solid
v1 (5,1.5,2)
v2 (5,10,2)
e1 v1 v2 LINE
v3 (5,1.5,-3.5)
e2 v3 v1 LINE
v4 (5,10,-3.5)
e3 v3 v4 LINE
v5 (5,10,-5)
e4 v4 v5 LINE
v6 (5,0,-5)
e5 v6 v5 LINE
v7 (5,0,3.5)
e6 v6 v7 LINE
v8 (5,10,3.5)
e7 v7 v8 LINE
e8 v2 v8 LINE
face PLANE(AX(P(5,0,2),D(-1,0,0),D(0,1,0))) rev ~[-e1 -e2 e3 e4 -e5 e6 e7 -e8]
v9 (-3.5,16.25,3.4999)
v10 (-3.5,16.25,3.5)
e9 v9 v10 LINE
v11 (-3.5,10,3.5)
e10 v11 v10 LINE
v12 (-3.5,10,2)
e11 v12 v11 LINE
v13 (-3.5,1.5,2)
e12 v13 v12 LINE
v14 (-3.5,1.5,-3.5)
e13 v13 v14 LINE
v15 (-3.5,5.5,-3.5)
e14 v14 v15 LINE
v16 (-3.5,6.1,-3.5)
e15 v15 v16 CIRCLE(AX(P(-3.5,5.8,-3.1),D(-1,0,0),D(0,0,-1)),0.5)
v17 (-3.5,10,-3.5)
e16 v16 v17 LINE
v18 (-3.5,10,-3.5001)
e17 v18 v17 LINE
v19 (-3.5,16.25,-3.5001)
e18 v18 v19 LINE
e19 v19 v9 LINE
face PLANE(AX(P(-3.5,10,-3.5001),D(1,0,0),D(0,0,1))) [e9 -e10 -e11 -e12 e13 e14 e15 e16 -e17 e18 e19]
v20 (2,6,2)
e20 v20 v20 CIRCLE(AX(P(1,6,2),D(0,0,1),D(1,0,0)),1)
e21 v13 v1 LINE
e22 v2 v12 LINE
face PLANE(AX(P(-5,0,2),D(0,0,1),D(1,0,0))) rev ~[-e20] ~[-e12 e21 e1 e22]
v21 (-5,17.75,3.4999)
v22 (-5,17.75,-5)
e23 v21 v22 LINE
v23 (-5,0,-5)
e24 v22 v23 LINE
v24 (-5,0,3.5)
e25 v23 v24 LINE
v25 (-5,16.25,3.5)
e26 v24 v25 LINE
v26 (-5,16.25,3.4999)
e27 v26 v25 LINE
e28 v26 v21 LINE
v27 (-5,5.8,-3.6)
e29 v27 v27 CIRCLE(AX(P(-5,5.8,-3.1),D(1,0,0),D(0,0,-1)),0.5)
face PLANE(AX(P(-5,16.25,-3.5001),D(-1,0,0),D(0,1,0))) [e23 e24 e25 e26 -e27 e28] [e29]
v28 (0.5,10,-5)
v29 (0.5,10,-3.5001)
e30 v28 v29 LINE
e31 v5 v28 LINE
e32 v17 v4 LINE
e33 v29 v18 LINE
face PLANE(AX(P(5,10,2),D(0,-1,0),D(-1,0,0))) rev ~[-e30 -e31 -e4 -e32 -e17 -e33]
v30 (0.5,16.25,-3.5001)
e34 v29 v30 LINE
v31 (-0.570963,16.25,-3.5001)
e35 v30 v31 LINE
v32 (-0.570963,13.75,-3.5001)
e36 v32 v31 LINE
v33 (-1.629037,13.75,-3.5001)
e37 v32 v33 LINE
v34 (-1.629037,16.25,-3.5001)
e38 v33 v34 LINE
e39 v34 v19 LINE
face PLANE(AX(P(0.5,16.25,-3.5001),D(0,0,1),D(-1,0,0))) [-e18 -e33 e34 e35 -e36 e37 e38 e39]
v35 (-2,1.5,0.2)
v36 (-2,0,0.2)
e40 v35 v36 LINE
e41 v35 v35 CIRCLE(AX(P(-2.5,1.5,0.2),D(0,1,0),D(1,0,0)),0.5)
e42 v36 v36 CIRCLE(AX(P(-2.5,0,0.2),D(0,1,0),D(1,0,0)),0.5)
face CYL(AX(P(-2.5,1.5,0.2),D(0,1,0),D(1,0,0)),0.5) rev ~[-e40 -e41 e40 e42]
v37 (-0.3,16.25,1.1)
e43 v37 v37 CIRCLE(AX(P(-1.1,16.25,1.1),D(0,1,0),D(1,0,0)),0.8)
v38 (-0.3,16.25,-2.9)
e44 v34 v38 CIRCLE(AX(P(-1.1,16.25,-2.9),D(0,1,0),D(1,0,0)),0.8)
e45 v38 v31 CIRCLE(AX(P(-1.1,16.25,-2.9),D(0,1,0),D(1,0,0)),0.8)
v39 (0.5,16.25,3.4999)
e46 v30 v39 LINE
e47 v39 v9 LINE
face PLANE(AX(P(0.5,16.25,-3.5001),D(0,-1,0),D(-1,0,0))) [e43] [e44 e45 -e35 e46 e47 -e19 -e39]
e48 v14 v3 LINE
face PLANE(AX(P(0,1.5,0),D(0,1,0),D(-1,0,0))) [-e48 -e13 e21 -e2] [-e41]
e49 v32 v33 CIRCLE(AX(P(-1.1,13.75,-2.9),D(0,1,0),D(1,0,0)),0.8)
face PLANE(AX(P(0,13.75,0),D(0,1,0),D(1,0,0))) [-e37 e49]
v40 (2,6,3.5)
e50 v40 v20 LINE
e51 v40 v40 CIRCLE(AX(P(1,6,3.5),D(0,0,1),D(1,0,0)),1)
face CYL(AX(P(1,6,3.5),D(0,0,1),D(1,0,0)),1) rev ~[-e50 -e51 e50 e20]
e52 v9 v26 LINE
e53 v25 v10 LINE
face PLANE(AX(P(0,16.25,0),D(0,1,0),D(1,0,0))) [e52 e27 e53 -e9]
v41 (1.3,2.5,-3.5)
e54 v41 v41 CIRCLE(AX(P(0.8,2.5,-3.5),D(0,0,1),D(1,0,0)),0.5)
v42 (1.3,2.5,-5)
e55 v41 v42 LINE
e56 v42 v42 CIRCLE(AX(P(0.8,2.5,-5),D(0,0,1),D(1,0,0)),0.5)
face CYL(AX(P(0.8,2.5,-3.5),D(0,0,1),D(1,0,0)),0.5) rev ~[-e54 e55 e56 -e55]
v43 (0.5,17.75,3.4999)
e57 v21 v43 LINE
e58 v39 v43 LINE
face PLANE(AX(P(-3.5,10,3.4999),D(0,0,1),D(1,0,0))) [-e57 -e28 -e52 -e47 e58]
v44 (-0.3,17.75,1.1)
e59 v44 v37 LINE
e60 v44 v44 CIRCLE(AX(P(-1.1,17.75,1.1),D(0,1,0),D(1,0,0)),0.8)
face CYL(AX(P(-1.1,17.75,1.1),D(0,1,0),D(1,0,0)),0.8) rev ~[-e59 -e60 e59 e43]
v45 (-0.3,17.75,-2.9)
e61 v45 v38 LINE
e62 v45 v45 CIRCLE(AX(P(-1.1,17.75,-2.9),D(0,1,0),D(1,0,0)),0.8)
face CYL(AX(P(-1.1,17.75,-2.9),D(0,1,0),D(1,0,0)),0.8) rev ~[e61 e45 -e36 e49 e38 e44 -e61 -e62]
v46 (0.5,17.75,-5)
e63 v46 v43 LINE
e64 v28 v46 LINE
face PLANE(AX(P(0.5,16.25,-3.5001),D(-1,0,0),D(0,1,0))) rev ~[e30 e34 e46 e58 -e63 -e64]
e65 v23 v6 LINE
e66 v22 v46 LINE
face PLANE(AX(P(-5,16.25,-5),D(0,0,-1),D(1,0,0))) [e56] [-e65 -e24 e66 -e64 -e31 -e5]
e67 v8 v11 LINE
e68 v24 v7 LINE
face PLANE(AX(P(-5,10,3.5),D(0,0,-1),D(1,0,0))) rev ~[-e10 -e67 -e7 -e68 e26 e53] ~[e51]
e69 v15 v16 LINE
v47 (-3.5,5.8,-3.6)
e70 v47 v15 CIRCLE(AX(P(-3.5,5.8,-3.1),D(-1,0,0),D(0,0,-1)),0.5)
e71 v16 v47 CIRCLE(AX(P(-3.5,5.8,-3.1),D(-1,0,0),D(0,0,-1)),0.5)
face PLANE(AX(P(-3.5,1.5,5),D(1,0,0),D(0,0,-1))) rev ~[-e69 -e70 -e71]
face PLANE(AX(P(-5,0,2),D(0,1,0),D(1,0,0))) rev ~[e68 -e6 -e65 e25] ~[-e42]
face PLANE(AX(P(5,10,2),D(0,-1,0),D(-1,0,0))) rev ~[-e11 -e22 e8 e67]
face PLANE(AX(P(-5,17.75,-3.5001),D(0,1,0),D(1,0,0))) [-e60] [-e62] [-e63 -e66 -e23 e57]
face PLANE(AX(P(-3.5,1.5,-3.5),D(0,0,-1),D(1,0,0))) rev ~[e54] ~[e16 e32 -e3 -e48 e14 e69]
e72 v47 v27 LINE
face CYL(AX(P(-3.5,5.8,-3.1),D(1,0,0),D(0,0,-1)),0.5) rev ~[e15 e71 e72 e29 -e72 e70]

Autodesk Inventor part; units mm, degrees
ref_plane "YZ Plane" through (0, 0, 0) normal (1, 0, 0) x (0, 1, 0)
ref_plane "XZ Plane" through (0, 0, 0) normal (0, 1, 0) x (-1, 0, 0)
ref_plane "XY Plane" through (0, 0, 0) normal (0, 0, 1) x (1, 0, 0)
sketch "Sketch1" plane through (0, 0, 0) normal (0, 1, 0) x (-1, 0, 0)
  line L0 (-5, 5) -> (5, 5)
  line L1 (5, 5) -> (5, -5)
  line L2 (5, -5) -> (-5, -5)
  line L3 (-5, -5) -> (-5, 5)
  line L4 (-5, 5) -> (5, -5) construction
  line L5 (5, 5) -> (-5, -5) construction
  point P0 (0, 0)
  dimension "d0" = 10
  dimension "d1" = 10
extrude "Extrusion1" add sketch "Sketch1" along normal blind 1.5
sketch "Sketch2" plane through (0, 1.5, 0) normal (0, 1, 0) x (1, 0, 0)
  line L0 (-5, -5) -> (-3.5, -5)
  line L1 (-5, -5) -> (5, -5) projected
  line L2 (-3.5, -5) -> (-3.5, 3.5)
  line L3 (-3.5, 3.5) -> (5, 3.5)
  line L4 (5, 3.5) -> (5, 5)
  line L5 (5, 5) -> (-5, 5)
  line L6 (-5, 5) -> (-5, -5)
  point P0 (0, 0)
  dimension "d4" = 1.5
  dimension "d5" = 8.5
  dimension "d6" = 90
  dimension "d7" = 8.5
  dimension "d8" = 90
  dimension "d9" = 10
  dimension "d10" = 90
extrude "Extrusion2" add sketch "Sketch2" along normal blind 8.5
sketch "Sketch3" plane through (0, 1.5, 0) normal (0, 1, 0) x (1, 0, 0)
  circle A0 centre (-2.5, -0.2) radius 0.5
  line L0 (5, 3.5) -> (-3.5, 3.5) projected
  line L1 (-3.5, 3.5) -> (-3.5, -5) projected
  point P0 (0, 0)
  dimension "d13" = 1
  dimension "d14" = 3.7
  dimension "d15" = 1
extrude "Extrusion3" cut sketch "Sketch3" against normal blind 8.5
sketch "Sketch4" plane through (-3.5, 1.5, -3.5) normal (0, 0, 1) x (1, 0, 0)
  circle A0 centre (4.3, 1) radius 0.5
  line L0 (8.5, 0) -> (0, 0) projected
  line L1 (0, 0) -> (0, 8.5) projected
  point P0 (3.5, -1.5)
  dimension "d18" = 1
  dimension "d19" = 1
  dimension "d20" = 4.3
extrude "Extrusion4" cut sketch "Sketch4" against normal blind 8.5
sketch "Sketch5" plane through (0, 0, 0) normal (0, -1, 0) x (1, 0, 0)
  circle A0 centre (-2.5, 0.2) radius 0.5
  circle A1 centre (-2.5, 0.2) radius 0.5 projected
  point P0 (0, 0)
  dimension "d23" = 1
  dimension "d24" = 0
extrude "Extrusion5" cut sketch "Sketch5" against normal blind 10
sketch "Sketch6" plane through (-3.5, 1.5, 5) normal (1, 0, 0) x (0, 0, -1)
  circle A0 centre (8.1, 4.3) radius 0.5
  line L0 (0, 0) -> (8.5, 0) projected
  line L1 (8.5, 0) -> (8.5, 8.5) projected
  point P0 (5, -1.5)
  dimension "d27" = 1
  dimension "d28" = 4.3
  dimension "d29" = 0.4
extrude "Extrusion6" cut sketch "Sketch6" against normal blind 2
sketch "Sketch7" plane through (-5, 0, 5) normal (0, 0, 1) x (1, 0, 0)
  line L0 (0, 0) -> (10, 0)
  line L1 (10, 0) -> (10, 10)
  line L2 (10, 10) -> (0, 10)
  line L3 (0, 10) -> (0, 0)
  point P0 (5, 0)
extrude "Extrusion7" cut sketch "Sketch7" against normal blind 3
sketch "Sketch8" plane through (-5, 0, 2) normal (0, 0, 1) x (1, 0, 0)
  line L0 (0, 0) -> (10, 0)
  line L1 (10, 0) -> (10, 10)
  line L2 (10, 10) -> (0, 10)
  line L3 (0, 10) -> (0, 0)
  point P0 (5, 0)
extrude "Extrusion8" add sketch "Sketch8" along normal blind 1.5
sketch "Sketch9" plane through (-5, 0, 3.5) normal (0, 0, 1) x (1, 0, 0)
  circle A0 centre (6, 6) radius 1
  line L0 (0, 0) -> (10, 0) projected
  line L1 (0, 10) -> (0, 0) projected
  point P0 (5, 0)
  dimension "d36" = 2
  dimension "d37" = 6
  dimension "d38" = 6
extrude "Extrusion9" cut sketch "Sketch9" against normal blind 1.5
sketch "Sketch11" plane through (0, 10, 0) normal (0, 1, 0) x (1, 0, 0)
  line L0 (-5, 5) -> (-5, -3.5)
  line L1 (-5, -3.5) -> (-3.5, -3.5)
  line L2 (5, -3.5) -> (-5, -3.5) projected
  line L3 (-3.5, 3.5001) -> (-3.5, -3.5)
  line L4 (-5, 5) -> (0.5, 5)
  line L5 (5, 5) -> (-5, 5) projected
  line L6 (0.5, 5) -> (0.5, 3.5001)
  line L7 (0.5, 3.5001) -> (-3.5, 3.5001)
  point P0 (0, 0)
  dimension "d44" = 1.5
  dimension "d45" = 5.5
extrude "Extrusion10" add sketch "Sketch11" along normal blind 6.25
sketch "Sketch12" plane through (0, 16.25, 0) normal (0, 1, 0) x (1, 0, 0)
  line L0 (0.5, 3.5001) -> (-5, 3.5001)
  line L1 (-5, 3.5001) -> (-5, 5)
  line L2 (-5, 5) -> (0.5, 5)
  line L3 (0.5, 5) -> (0.5, 3.5001)
  point P0 (0, 0)
extrude "Extrusion11" add sketch "Sketch12" along normal blind 1.5
sketch "Sketch13" plane through (-3.5, 10, -3.5001) normal (0, 0, 1) x (1, 0, 0)
  line L0 (4, 0) -> (4, 7.75) projected
  line L1 (-1.5, 7.75) -> (4, 7.75)
  line L2 (4, 7.75) -> (4, 6.25)
  line L3 (4, 6.25) -> (-1.5, 6.25)
  line L4 (-1.5, 6.25) -> (-1.5, 7.75)
  point P0 (3.5, -10)
  dimension "d50" = 1.5
extrude "Extrusion12" add sketch "Sketch13" along normal blind 7
sketch "Sketch14" plane through (0, 17.75, 0) normal (0, 1, 0) x (1, 0, 0)
  circle A0 centre (-1.1, -1.1) radius 0.8
  line L0 (-5, 5) -> (-5, -3.4999) projected
  line L1 (0.5, 5) -> (-5, 5) projected
  point P0 (0, 0)
  dimension "d53" = 1.6
  dimension "d54" = 3.9
  dimension "d55" = 6.1
extrude "Extrusion13" cut sketch "Sketch14" against normal blind 2
sketch "Sketch15" plane through (0, 17.75, 0) normal (0, 1, 0) x (1, 0, 0)
  circle A0 centre (-1.1, 2.9) radius 0.8
  line L0 (-5, 5) -> (-5, -3.4999) projected
  line L1 (0.5, 5) -> (-5, 5) projected
  point P0 (0, 0)
  dimension "d58" = 1.6
  dimension "d59" = 3.9
  dimension "d60" = 2.1
extrude "Extrusion14" cut sketch "Sketch15" against normal blind 4
properties part number "Corner2" material "Aluminium 7075"
